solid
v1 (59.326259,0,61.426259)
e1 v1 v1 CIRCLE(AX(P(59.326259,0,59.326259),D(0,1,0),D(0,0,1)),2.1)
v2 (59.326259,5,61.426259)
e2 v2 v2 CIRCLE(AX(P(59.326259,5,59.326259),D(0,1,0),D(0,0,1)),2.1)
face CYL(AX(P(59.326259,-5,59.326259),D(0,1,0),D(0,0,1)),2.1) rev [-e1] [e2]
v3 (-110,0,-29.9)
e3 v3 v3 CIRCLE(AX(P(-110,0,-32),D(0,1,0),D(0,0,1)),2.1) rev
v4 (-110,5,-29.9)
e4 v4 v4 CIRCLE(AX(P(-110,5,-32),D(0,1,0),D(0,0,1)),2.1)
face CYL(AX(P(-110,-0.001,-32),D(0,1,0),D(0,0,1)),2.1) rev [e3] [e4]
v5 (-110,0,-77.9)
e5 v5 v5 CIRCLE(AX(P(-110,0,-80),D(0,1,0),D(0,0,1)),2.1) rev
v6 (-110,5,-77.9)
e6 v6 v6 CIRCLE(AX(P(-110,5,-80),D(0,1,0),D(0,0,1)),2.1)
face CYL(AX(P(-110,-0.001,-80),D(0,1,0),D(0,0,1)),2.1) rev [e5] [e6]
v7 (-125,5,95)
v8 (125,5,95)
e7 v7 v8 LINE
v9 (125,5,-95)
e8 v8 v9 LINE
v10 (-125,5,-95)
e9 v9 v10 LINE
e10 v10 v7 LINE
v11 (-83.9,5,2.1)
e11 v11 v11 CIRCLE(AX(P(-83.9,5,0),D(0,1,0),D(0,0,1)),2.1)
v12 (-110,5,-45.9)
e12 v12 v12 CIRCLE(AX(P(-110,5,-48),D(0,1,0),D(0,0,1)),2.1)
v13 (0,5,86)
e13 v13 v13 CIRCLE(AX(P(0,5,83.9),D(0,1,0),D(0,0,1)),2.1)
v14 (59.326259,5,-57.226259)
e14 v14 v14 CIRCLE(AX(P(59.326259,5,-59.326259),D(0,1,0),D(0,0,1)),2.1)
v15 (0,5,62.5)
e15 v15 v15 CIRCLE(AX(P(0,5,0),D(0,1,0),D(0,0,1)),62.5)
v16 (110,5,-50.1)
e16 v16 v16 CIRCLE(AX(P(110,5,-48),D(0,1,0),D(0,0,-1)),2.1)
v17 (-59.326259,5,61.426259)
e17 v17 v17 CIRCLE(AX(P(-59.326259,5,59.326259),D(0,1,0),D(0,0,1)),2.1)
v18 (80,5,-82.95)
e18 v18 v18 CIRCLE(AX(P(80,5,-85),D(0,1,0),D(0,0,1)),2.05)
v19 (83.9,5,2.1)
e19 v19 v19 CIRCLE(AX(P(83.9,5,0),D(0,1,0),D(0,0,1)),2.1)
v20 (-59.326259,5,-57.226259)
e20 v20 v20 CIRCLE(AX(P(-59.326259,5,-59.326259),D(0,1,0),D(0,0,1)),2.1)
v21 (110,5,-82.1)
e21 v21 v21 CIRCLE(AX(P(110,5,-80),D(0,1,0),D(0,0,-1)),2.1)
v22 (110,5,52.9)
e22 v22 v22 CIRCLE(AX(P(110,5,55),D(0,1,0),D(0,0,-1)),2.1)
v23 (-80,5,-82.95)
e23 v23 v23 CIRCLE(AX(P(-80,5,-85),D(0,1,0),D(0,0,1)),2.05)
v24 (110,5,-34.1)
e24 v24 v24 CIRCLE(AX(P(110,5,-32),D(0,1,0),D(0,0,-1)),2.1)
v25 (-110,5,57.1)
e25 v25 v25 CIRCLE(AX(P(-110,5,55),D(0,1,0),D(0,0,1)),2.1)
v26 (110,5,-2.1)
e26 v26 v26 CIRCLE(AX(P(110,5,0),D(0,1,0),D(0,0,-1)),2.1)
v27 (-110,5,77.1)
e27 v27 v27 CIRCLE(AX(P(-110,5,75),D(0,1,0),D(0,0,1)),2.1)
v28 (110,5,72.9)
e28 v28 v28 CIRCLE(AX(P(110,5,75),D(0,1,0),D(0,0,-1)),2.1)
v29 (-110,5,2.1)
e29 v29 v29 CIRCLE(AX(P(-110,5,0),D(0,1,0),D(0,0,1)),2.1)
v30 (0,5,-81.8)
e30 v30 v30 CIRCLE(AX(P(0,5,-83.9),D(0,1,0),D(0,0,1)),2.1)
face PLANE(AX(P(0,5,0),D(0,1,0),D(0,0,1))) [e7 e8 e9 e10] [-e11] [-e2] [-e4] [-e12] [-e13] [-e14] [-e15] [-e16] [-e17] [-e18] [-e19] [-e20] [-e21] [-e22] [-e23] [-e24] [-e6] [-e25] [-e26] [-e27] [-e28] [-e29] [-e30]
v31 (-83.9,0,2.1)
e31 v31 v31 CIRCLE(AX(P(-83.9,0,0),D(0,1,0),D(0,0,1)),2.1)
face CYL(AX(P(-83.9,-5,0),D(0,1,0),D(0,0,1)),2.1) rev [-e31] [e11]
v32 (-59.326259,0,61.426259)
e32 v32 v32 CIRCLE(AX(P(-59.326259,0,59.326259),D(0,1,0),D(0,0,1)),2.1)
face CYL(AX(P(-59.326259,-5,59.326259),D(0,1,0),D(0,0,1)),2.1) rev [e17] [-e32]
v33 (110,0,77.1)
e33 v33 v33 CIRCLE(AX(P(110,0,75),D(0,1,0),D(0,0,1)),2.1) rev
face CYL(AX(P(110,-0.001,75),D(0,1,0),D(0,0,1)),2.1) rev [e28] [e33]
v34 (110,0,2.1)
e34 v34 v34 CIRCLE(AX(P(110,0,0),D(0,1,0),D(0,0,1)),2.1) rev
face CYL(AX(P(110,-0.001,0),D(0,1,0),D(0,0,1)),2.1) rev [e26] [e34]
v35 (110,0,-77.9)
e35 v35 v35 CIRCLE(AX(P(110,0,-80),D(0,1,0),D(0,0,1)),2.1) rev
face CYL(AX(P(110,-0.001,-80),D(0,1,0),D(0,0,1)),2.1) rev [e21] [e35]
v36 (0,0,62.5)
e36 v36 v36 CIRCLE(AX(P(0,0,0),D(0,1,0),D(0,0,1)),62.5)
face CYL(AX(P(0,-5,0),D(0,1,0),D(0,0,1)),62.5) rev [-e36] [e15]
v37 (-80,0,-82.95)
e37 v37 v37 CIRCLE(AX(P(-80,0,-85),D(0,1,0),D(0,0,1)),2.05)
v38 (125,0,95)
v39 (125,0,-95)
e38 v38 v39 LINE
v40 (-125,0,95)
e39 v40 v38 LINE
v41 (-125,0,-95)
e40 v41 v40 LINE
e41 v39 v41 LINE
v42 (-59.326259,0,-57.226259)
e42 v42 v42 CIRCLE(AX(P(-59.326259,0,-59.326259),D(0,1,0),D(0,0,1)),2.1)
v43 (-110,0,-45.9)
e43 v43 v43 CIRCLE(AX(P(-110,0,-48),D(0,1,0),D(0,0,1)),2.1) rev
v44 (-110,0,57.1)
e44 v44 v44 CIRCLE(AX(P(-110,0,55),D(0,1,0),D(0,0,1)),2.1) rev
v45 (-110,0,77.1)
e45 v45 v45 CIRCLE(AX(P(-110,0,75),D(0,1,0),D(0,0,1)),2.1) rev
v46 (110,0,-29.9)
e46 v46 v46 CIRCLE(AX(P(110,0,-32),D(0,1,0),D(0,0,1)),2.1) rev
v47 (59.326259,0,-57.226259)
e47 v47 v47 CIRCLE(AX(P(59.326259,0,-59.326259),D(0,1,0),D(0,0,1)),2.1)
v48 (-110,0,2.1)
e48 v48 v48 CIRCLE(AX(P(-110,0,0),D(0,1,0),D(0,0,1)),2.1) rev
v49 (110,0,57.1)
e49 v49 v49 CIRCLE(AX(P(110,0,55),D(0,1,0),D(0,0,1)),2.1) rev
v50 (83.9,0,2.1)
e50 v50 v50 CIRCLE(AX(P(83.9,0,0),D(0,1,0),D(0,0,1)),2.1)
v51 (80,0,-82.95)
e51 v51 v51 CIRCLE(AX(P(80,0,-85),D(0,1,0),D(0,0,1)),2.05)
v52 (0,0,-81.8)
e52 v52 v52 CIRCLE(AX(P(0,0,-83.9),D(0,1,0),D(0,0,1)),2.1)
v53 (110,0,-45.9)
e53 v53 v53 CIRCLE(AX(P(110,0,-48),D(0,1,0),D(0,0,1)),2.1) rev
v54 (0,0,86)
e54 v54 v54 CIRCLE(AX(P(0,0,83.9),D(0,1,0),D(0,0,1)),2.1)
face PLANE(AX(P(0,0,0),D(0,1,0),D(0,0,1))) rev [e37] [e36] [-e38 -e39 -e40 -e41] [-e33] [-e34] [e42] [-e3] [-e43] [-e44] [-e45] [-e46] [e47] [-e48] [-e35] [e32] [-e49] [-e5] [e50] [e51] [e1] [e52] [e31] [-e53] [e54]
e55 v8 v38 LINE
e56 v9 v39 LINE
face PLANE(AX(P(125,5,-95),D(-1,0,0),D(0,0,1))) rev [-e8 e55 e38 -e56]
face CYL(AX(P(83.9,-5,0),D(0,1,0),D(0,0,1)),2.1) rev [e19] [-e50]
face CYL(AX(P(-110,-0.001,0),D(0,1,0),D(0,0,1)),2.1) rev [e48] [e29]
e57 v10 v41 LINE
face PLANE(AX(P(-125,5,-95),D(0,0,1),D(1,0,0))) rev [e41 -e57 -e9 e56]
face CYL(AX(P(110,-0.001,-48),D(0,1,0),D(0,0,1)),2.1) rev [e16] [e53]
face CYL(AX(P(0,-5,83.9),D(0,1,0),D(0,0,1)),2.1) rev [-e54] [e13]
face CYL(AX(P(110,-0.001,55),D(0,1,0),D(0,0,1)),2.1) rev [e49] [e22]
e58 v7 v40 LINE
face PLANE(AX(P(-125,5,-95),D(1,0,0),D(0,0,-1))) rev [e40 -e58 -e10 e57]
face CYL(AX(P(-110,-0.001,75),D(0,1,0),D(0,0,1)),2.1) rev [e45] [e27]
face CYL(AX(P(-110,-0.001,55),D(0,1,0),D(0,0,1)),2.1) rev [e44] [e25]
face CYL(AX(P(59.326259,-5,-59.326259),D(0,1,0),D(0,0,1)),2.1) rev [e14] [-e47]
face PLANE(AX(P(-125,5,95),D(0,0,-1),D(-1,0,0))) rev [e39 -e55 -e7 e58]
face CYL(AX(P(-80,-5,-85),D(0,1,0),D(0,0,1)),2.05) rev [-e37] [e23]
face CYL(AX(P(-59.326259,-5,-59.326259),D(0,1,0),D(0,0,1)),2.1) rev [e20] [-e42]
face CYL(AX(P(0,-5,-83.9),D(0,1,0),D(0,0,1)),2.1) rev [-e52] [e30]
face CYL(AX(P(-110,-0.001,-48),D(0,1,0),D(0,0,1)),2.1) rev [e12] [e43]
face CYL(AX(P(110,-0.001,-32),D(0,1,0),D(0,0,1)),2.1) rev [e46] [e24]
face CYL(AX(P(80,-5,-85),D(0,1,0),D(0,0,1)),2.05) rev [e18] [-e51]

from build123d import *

# Parameters (mm, degrees)
SKETCH_1_W           = 250
SKETCH_1_H           = 190
EXTRUDE_1_DEPTH      = 5
SKETCH_2_R           = 2.1
CUT_EXTRUDE_1_DEPTH  = 10
SKETCH_3_R           = 62.5
CUT_EXTRUDE_2_DEPTH  = 10
CUT_EXTRUDE_3_REACH  = 159.083
SKETCH_4_R           = 2.1
SKETCH_5_OUTSIDE_W   = 314.81
SKETCH_5_OUTSIDE_H   = 254.81
SKETCH_5_OUTSIDE_W_2 = 250
SKETCH_5_OUTSIDE_H_2 = 190
SKETCH_5_OUTSIDE_R   = 2.05
CUT_EXTRUDE_4_DEPTH  = 10


with BuildPart() as part:
    # 草图1 → 凸台-拉伸1 (new body)
    with BuildSketch(Plane(origin=(0, 0, 0), x_dir=(1, 0, 0), z_dir=(0, 1, 0))):
        Rectangle(SKETCH_1_W, SKETCH_1_H)
    extrude(amount=EXTRUDE_1_DEPTH)

    # 草图2 → 切除-拉伸1 (cut)
    with BuildSketch(Plane(origin=(0, 5, 0), x_dir=(1, 0, 0), z_dir=(0, 1, 0))):
        with Locations(Location((-83.9, 0, 0), (0, 0, 270))):
            Circle(SKETCH_2_R)
        with Locations(Location((-59.326258942, 59.326258942, 0), (0, 0, 270))):
            Circle(SKETCH_2_R)
        with Locations(Location((0, 83.9, 0), (0, 0, 270))):
            Circle(SKETCH_2_R)
        with Locations(Location((59.326258942, 59.326258942, 0), (0, 0, 270))):
            Circle(SKETCH_2_R)
        with Locations(Location((83.9, 0, 0), (0, 0, 270))):
            Circle(SKETCH_2_R)
        with Locations(Location((59.326258942, -59.326258942, 0), (0, 0, 270))):
            Circle(SKETCH_2_R)
        with Locations(Location((0, -83.9, 0), (0, 0, 270))):
            Circle(SKETCH_2_R)
        with Locations(Location((-59.326258942, -59.326258942, 0), (0, 0, 270))):
            Circle(SKETCH_2_R)
    extrude(amount=-CUT_EXTRUDE_1_DEPTH, mode=Mode.SUBTRACT)

    # 草图3 → 切除-拉伸2 (cut)
    with BuildSketch(Plane(origin=(0, 5, 0), x_dir=(1, 0, 0), z_dir=(0, 1, 0))):
        with Locations(Location((0, 0, 0), (0, 0, 270))):
            Circle(SKETCH_3_R)
    extrude(amount=-CUT_EXTRUDE_2_DEPTH, mode=Mode.SUBTRACT)

    # 草图4 → 切除-拉伸3 (cut, up to next)
    with BuildSketch(Plane(origin=(0, 5, 0), x_dir=(1, 0, 0), z_dir=(0, 1, 0)), mode=Mode.PRIVATE) as cut_extrude_3_sk1:
        with Locations(Location((-110, 80, 0), (0, 0, 270))):
            Circle(SKETCH_4_R)
    cut_extrude_3_tool1 = extrude(cut_extrude_3_sk1.sketch, amount=-CUT_EXTRUDE_3_REACH, mode=Mode.PRIVATE) & part.part
    # 草图4 → 切除-拉伸3 (cut, up to next)
    with BuildSketch(Plane(origin=(0, 5, 0), x_dir=(1, 0, 0), z_dir=(0, 1, 0)), mode=Mode.PRIVATE) as cut_extrude_3_sk2:
        with Locations(Location((-110, 48, 0), (0, 0, 270))):
            Circle(SKETCH_4_R)
    cut_extrude_3_tool2 = extrude(cut_extrude_3_sk2.sketch, amount=-CUT_EXTRUDE_3_REACH, mode=Mode.PRIVATE) & part.part
    # 草图4 → 切除-拉伸3 (cut, up to next)
    with BuildSketch(Plane(origin=(0, 5, 0), x_dir=(1, 0, 0), z_dir=(0, 1, 0)), mode=Mode.PRIVATE) as cut_extrude_3_sk3:
        with Locations(Location((110, 48, 0), (0, 0, 270))):
            Circle(SKETCH_4_R)
    cut_extrude_3_tool3 = extrude(cut_extrude_3_sk3.sketch, amount=-CUT_EXTRUDE_3_REACH, mode=Mode.PRIVATE) & part.part
    # 草图4 → 切除-拉伸3 (cut, up to next)
    with BuildSketch(Plane(origin=(0, 5, 0), x_dir=(1, 0, 0), z_dir=(0, 1, 0)), mode=Mode.PRIVATE) as cut_extrude_3_sk4:
        with Locations(Location((110, 80, 0), (0, 0, 270))):
            Circle(SKETCH_4_R)
    cut_extrude_3_tool4 = extrude(cut_extrude_3_sk4.sketch, amount=-CUT_EXTRUDE_3_REACH, mode=Mode.PRIVATE) & part.part
    # 草图4 → 切除-拉伸3 (cut, up to next)
    with BuildSketch(Plane(origin=(0, 5, 0), x_dir=(1, 0, 0), z_dir=(0, 1, 0)), mode=Mode.PRIVATE) as cut_extrude_3_sk5:
        with Locations(Location((-110, -75, 0), (0, 0, 270))):
            Circle(SKETCH_4_R)
    cut_extrude_3_tool5 = extrude(cut_extrude_3_sk5.sketch, amount=-CUT_EXTRUDE_3_REACH, mode=Mode.PRIVATE) & part.part
    # 草图4 → 切除-拉伸3 (cut, up to next)
    with BuildSketch(Plane(origin=(0, 5, 0), x_dir=(1, 0, 0), z_dir=(0, 1, 0)), mode=Mode.PRIVATE) as cut_extrude_3_sk6:
        with Locations(Location((110, -75, 0), (0, 0, 270))):
            Circle(SKETCH_4_R)
    cut_extrude_3_tool6 = extrude(cut_extrude_3_sk6.sketch, amount=-CUT_EXTRUDE_3_REACH, mode=Mode.PRIVATE) & part.part
    # 草图4 → 切除-拉伸3 (cut, up to next)
    with BuildSketch(Plane(origin=(0, 5, 0), x_dir=(1, 0, 0), z_dir=(0, 1, 0)), mode=Mode.PRIVATE) as cut_extrude_3_sk7:
        with Locations(Location((-110, 32, 0), (0, 0, 270))):
            Circle(SKETCH_4_R)
    cut_extrude_3_tool7 = extrude(cut_extrude_3_sk7.sketch, amount=-CUT_EXTRUDE_3_REACH, mode=Mode.PRIVATE) & part.part
    # 草图4 → 切除-拉伸3 (cut, up to next)
    with BuildSketch(Plane(origin=(0, 5, 0), x_dir=(1, 0, 0), z_dir=(0, 1, 0)), mode=Mode.PRIVATE) as cut_extrude_3_sk8:
        with Locations(Location((-110, 0, 0), (0, 0, 270))):
            Circle(SKETCH_4_R)
    cut_extrude_3_tool8 = extrude(cut_extrude_3_sk8.sketch, amount=-CUT_EXTRUDE_3_REACH, mode=Mode.PRIVATE) & part.part
    # 草图4 → 切除-拉伸3 (cut, up to next)
    with BuildSketch(Plane(origin=(0, 5, 0), x_dir=(1, 0, 0), z_dir=(0, 1, 0)), mode=Mode.PRIVATE) as cut_extrude_3_sk9:
        with Locations(Location((110, 32, 0), (0, 0, 270))):
            Circle(SKETCH_4_R)
    cut_extrude_3_tool9 = extrude(cut_extrude_3_sk9.sketch, amount=-CUT_EXTRUDE_3_REACH, mode=Mode.PRIVATE) & part.part
    # 草图4 → 切除-拉伸3 (cut, up to next)
    with BuildSketch(Plane(origin=(0, 5, 0), x_dir=(1, 0, 0), z_dir=(0, 1, 0)), mode=Mode.PRIVATE) as cut_extrude_3_sk10:
        with Locations(Location((110, 0, 0), (0, 0, 270))):
            Circle(SKETCH_4_R)
    cut_extrude_3_tool10 = extrude(cut_extrude_3_sk10.sketch, amount=-CUT_EXTRUDE_3_REACH, mode=Mode.PRIVATE) & part.part
    # 草图4 → 切除-拉伸3 (cut, up to next)
    with BuildSketch(Plane(origin=(0, 5, 0), x_dir=(1, 0, 0), z_dir=(0, 1, 0)), mode=Mode.PRIVATE) as cut_extrude_3_sk11:
        with Locations(Location((-110, -55, 0), (0, 0, 270))):
            Circle(SKETCH_4_R)
    cut_extrude_3_tool11 = extrude(cut_extrude_3_sk11.sketch, amount=-CUT_EXTRUDE_3_REACH, mode=Mode.PRIVATE) & part.part
    # 草图4 → 切除-拉伸3 (cut, up to next)
    with BuildSketch(Plane(origin=(0, 5, 0), x_dir=(1, 0, 0), z_dir=(0, 1, 0)), mode=Mode.PRIVATE) as cut_extrude_3_sk12:
        with Locations(Location((110, -55, 0), (0, 0, 270))):
            Circle(SKETCH_4_R)
    cut_extrude_3_tool12 = extrude(cut_extrude_3_sk12.sketch, amount=-CUT_EXTRUDE_3_REACH, mode=Mode.PRIVATE) & part.part
    add(cut_extrude_3_tool1.solids().sort_by_distance((-110, 5, -80))[0], mode=Mode.SUBTRACT)
    add(cut_extrude_3_tool2.solids().sort_by_distance((-110, 5, -48))[0], mode=Mode.SUBTRACT)
    add(cut_extrude_3_tool3.solids().sort_by_distance((110, 5, -48))[0], mode=Mode.SUBTRACT)
    add(cut_extrude_3_tool4.solids().sort_by_distance((110, 5, -80))[0], mode=Mode.SUBTRACT)
    add(cut_extrude_3_tool5.solids().sort_by_distance((-110, 5, 75))[0], mode=Mode.SUBTRACT)
    add(cut_extrude_3_tool6.solids().sort_by_distance((110, 5, 75))[0], mode=Mode.SUBTRACT)
    add(cut_extrude_3_tool7.solids().sort_by_distance((-110, 5, -32))[0], mode=Mode.SUBTRACT)
    add(cut_extrude_3_tool8.solids().sort_by_distance((-110, 5, 0))[0], mode=Mode.SUBTRACT)
    add(cut_extrude_3_tool9.solids().sort_by_distance((110, 5, -32))[0], mode=Mode.SUBTRACT)
    add(cut_extrude_3_tool10.solids().sort_by_distance((110, 5, 0))[0], mode=Mode.SUBTRACT)
    add(cut_extrude_3_tool11.solids().sort_by_distance((-110, 5, 55))[0], mode=Mode.SUBTRACT)
    add(cut_extrude_3_tool12.solids().sort_by_distance((110, 5, 55))[0], mode=Mode.SUBTRACT)

    # 草图5 outside → 切除-拉伸4 (cut)
    # profile 1 of 3: a face of its own
    with BuildSketch(Plane(origin=(0, 5, 0), x_dir=(1, 0, 0), z_dir=(0, 1, 0))):
        Rectangle(SKETCH_5_OUTSIDE_W, SKETCH_5_OUTSIDE_H)
        Rectangle(SKETCH_5_OUTSIDE_W_2, SKETCH_5_OUTSIDE_H_2, mode=Mode.SUBTRACT)
    # profile 2 of 3: a face of its own
    with BuildSketch(Plane(origin=(0, 5, 0), x_dir=(1, 0, 0), z_dir=(0, 1, 0))):
        with Locations(Location((-80, 85, 0), (0, 0, 270))):
            Circle(SKETCH_5_OUTSIDE_R)
    # profile 3 of 3: a face of its own
    with BuildSketch(Plane(origin=(0, 5, 0), x_dir=(1, 0, 0), z_dir=(0, 1, 0))):
        with Locations(Location((80, 85, 0), (0, 0, 270))):
            Circle(SKETCH_5_OUTSIDE_R)
    extrude(amount=-CUT_EXTRUDE_4_DEPTH, mode=Mode.SUBTRACT)


solid = part.part
